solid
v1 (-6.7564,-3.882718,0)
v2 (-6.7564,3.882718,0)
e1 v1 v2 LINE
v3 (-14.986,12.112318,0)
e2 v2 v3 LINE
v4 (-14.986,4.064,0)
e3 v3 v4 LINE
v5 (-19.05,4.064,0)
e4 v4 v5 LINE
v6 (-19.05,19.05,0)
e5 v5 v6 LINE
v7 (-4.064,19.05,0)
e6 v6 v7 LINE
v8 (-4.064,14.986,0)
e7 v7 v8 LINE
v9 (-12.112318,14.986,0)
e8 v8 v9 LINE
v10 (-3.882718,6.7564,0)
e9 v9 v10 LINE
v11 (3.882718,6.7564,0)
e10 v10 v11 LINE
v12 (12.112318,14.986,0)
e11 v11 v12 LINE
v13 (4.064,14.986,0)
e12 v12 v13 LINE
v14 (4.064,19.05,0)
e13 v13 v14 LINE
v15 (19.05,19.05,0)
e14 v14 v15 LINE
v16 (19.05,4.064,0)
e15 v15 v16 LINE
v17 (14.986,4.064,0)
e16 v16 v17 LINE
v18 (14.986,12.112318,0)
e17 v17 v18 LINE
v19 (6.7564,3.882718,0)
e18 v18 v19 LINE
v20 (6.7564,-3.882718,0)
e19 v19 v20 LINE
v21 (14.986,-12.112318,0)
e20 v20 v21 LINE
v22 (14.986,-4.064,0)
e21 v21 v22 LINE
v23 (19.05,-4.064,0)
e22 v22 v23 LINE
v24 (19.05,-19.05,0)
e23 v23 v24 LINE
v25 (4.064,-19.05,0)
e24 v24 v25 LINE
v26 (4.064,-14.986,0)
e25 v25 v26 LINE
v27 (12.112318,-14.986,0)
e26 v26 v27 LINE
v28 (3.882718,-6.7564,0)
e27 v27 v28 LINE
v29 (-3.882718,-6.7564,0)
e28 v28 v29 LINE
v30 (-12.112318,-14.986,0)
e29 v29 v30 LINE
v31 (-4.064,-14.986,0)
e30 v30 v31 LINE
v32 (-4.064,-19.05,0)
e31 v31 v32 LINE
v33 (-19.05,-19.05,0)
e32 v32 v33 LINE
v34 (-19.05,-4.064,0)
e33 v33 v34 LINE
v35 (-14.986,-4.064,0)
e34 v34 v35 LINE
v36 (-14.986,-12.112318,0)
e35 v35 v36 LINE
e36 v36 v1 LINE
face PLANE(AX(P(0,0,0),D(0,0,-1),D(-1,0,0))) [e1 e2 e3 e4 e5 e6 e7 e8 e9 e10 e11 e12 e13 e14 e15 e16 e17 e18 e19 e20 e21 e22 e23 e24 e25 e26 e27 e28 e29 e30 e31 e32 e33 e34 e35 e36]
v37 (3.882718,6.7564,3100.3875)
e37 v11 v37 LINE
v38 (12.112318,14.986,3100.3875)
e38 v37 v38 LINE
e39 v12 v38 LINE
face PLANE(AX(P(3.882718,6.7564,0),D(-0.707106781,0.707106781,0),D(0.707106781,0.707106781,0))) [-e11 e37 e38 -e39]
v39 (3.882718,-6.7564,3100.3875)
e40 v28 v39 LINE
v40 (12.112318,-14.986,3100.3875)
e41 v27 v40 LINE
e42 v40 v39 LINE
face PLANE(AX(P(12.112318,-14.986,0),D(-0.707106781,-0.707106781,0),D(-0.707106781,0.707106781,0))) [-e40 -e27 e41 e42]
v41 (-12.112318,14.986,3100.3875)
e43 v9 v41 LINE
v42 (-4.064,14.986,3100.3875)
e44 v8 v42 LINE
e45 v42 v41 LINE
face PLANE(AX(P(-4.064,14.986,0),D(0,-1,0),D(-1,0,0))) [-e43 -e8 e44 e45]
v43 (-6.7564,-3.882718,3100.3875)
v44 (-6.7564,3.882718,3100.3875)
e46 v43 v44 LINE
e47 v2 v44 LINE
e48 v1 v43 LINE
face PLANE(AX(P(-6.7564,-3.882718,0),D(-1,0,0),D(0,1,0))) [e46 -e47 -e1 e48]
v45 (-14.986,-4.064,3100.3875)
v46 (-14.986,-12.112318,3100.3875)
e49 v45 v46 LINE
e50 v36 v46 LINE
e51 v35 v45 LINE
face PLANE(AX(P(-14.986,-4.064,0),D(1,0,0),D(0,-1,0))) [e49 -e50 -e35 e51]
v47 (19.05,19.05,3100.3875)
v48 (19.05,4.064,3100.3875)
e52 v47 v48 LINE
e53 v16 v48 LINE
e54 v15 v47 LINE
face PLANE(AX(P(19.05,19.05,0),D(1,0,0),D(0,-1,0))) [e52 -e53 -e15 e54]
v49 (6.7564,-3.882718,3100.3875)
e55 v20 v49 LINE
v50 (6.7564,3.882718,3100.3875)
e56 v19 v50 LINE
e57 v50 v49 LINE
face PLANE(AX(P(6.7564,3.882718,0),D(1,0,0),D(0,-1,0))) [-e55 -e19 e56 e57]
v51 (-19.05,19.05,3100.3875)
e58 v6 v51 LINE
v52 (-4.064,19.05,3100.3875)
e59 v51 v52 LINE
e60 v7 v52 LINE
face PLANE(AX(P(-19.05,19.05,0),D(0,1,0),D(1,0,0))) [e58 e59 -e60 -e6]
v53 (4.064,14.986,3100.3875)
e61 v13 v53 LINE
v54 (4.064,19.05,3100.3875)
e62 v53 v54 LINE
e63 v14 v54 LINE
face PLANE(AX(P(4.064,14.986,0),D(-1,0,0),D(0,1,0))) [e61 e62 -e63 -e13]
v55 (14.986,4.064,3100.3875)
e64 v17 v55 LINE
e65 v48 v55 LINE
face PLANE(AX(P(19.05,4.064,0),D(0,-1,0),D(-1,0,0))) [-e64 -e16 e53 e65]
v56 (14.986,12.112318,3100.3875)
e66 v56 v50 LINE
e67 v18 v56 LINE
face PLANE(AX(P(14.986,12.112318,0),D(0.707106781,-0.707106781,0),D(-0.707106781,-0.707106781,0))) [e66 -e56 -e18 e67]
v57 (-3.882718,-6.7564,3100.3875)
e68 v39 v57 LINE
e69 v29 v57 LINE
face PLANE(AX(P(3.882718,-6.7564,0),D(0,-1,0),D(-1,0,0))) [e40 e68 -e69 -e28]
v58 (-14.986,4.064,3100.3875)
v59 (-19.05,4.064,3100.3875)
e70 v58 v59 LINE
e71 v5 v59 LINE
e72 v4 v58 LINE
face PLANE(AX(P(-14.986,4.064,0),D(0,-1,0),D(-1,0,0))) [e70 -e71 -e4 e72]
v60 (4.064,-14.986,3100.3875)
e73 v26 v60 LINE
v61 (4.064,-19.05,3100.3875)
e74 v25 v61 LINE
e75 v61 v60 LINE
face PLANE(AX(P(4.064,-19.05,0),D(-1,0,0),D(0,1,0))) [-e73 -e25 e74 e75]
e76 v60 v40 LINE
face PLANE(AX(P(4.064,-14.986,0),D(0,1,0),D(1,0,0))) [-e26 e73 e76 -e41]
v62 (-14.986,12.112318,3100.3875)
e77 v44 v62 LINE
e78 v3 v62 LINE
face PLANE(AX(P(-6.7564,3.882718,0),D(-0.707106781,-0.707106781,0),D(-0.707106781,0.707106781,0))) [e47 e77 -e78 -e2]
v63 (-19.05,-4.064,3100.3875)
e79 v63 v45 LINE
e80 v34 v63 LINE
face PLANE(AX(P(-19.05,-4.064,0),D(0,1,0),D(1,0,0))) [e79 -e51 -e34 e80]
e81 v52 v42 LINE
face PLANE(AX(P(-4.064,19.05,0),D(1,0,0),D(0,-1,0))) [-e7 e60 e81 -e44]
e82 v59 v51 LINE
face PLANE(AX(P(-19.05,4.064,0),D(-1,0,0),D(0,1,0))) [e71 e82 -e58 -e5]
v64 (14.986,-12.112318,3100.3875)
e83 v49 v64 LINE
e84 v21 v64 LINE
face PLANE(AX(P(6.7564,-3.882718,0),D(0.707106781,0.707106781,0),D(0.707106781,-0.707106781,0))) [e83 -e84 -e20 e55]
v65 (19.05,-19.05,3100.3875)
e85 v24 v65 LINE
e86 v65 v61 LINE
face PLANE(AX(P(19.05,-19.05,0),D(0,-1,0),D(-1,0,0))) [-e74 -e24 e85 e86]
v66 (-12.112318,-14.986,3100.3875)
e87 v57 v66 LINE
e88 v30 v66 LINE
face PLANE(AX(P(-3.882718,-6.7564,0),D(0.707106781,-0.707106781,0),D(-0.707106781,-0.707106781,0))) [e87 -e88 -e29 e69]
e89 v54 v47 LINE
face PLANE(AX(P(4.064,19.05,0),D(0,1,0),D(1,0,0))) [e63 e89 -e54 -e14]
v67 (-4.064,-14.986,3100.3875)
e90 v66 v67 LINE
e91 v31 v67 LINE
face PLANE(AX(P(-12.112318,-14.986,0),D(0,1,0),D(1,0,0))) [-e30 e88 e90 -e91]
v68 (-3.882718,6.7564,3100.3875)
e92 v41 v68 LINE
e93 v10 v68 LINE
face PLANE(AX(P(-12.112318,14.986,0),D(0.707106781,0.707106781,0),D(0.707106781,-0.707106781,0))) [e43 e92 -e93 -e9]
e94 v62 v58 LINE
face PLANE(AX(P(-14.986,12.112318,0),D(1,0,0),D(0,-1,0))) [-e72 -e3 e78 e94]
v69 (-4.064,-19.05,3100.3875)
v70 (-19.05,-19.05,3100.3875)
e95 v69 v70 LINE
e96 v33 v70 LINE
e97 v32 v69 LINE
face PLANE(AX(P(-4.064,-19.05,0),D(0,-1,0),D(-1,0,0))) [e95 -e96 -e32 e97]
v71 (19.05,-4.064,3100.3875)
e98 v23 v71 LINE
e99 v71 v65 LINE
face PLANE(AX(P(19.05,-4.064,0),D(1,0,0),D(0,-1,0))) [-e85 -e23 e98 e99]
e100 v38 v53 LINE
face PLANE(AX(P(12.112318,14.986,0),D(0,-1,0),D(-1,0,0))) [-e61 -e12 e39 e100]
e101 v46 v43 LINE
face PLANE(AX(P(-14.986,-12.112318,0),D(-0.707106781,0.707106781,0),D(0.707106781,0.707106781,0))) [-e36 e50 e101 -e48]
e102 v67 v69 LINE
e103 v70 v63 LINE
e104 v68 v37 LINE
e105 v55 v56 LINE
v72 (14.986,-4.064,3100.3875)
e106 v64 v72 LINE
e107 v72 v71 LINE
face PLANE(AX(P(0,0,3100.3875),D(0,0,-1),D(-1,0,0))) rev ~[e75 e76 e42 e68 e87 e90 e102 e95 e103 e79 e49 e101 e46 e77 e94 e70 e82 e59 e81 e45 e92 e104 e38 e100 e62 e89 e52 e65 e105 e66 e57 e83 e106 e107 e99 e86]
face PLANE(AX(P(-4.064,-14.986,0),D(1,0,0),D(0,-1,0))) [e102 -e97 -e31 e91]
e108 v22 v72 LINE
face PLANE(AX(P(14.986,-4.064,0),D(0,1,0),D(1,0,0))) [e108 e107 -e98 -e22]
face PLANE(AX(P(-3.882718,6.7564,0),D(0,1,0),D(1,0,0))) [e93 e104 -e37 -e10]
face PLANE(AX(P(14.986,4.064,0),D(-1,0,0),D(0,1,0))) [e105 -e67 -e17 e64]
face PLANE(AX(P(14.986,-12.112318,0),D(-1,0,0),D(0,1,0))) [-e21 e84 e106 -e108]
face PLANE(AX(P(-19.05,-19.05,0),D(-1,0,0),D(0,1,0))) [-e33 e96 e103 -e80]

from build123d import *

# Parameters (mm, degrees)
BOSS_EXTRUDE1_DEPTH = 3100.3875


with BuildPart() as part:
    # Sketch2 → Boss-Extrude1 (new body)
    with BuildSketch(Plane(origin=(0.594697292, -0.594697292, 0), x_dir=(1, 0, 0), z_dir=(0, 0, 1))):
        Polygon((-19.644697292, 19.644697292), (-4.658697292, 19.644697292), (-4.658697292, 15.580697292), (-12.707015333, 15.580697292), (-4.477415333, 7.351097292), (3.288020749, 7.351097292), (11.517620749, 15.580697292), (3.469302708, 15.580697292), (3.469302708, 19.644697292), (18.455302708, 19.644697292), (18.455302708, 4.658697292), (14.391302708, 4.658697292), (14.391302708, 12.707015333), (6.161702708, 4.477415333), (6.161702708, -3.288020749), (14.391302708, -11.517620749), (14.391302708, -3.469302708), (18.455302708, -3.469302708), (18.455302708, -18.455302708), (3.469302708, -18.455302708), (3.469302708, -14.391302708), (11.517620749, -14.391302708), (3.288020749, -6.161702708), (-4.477415333, -6.161702708), (-12.707015333, -14.391302708), (-4.658697292, -14.391302708), (-4.658697292, -18.455302708), (-19.644697292, -18.455302708), (-19.644697292, -3.469302708), (-15.580697292, -3.469302708), (-15.580697292, -11.517620749), (-7.351097292, -3.288020749), (-7.351097292, 4.477415333), (-15.580697292, 12.707015333), (-15.580697292, 4.658697292), (-19.644697292, 4.658697292), align=None)
    extrude(amount=BOSS_EXTRUDE1_DEPTH)


solid = part.part
